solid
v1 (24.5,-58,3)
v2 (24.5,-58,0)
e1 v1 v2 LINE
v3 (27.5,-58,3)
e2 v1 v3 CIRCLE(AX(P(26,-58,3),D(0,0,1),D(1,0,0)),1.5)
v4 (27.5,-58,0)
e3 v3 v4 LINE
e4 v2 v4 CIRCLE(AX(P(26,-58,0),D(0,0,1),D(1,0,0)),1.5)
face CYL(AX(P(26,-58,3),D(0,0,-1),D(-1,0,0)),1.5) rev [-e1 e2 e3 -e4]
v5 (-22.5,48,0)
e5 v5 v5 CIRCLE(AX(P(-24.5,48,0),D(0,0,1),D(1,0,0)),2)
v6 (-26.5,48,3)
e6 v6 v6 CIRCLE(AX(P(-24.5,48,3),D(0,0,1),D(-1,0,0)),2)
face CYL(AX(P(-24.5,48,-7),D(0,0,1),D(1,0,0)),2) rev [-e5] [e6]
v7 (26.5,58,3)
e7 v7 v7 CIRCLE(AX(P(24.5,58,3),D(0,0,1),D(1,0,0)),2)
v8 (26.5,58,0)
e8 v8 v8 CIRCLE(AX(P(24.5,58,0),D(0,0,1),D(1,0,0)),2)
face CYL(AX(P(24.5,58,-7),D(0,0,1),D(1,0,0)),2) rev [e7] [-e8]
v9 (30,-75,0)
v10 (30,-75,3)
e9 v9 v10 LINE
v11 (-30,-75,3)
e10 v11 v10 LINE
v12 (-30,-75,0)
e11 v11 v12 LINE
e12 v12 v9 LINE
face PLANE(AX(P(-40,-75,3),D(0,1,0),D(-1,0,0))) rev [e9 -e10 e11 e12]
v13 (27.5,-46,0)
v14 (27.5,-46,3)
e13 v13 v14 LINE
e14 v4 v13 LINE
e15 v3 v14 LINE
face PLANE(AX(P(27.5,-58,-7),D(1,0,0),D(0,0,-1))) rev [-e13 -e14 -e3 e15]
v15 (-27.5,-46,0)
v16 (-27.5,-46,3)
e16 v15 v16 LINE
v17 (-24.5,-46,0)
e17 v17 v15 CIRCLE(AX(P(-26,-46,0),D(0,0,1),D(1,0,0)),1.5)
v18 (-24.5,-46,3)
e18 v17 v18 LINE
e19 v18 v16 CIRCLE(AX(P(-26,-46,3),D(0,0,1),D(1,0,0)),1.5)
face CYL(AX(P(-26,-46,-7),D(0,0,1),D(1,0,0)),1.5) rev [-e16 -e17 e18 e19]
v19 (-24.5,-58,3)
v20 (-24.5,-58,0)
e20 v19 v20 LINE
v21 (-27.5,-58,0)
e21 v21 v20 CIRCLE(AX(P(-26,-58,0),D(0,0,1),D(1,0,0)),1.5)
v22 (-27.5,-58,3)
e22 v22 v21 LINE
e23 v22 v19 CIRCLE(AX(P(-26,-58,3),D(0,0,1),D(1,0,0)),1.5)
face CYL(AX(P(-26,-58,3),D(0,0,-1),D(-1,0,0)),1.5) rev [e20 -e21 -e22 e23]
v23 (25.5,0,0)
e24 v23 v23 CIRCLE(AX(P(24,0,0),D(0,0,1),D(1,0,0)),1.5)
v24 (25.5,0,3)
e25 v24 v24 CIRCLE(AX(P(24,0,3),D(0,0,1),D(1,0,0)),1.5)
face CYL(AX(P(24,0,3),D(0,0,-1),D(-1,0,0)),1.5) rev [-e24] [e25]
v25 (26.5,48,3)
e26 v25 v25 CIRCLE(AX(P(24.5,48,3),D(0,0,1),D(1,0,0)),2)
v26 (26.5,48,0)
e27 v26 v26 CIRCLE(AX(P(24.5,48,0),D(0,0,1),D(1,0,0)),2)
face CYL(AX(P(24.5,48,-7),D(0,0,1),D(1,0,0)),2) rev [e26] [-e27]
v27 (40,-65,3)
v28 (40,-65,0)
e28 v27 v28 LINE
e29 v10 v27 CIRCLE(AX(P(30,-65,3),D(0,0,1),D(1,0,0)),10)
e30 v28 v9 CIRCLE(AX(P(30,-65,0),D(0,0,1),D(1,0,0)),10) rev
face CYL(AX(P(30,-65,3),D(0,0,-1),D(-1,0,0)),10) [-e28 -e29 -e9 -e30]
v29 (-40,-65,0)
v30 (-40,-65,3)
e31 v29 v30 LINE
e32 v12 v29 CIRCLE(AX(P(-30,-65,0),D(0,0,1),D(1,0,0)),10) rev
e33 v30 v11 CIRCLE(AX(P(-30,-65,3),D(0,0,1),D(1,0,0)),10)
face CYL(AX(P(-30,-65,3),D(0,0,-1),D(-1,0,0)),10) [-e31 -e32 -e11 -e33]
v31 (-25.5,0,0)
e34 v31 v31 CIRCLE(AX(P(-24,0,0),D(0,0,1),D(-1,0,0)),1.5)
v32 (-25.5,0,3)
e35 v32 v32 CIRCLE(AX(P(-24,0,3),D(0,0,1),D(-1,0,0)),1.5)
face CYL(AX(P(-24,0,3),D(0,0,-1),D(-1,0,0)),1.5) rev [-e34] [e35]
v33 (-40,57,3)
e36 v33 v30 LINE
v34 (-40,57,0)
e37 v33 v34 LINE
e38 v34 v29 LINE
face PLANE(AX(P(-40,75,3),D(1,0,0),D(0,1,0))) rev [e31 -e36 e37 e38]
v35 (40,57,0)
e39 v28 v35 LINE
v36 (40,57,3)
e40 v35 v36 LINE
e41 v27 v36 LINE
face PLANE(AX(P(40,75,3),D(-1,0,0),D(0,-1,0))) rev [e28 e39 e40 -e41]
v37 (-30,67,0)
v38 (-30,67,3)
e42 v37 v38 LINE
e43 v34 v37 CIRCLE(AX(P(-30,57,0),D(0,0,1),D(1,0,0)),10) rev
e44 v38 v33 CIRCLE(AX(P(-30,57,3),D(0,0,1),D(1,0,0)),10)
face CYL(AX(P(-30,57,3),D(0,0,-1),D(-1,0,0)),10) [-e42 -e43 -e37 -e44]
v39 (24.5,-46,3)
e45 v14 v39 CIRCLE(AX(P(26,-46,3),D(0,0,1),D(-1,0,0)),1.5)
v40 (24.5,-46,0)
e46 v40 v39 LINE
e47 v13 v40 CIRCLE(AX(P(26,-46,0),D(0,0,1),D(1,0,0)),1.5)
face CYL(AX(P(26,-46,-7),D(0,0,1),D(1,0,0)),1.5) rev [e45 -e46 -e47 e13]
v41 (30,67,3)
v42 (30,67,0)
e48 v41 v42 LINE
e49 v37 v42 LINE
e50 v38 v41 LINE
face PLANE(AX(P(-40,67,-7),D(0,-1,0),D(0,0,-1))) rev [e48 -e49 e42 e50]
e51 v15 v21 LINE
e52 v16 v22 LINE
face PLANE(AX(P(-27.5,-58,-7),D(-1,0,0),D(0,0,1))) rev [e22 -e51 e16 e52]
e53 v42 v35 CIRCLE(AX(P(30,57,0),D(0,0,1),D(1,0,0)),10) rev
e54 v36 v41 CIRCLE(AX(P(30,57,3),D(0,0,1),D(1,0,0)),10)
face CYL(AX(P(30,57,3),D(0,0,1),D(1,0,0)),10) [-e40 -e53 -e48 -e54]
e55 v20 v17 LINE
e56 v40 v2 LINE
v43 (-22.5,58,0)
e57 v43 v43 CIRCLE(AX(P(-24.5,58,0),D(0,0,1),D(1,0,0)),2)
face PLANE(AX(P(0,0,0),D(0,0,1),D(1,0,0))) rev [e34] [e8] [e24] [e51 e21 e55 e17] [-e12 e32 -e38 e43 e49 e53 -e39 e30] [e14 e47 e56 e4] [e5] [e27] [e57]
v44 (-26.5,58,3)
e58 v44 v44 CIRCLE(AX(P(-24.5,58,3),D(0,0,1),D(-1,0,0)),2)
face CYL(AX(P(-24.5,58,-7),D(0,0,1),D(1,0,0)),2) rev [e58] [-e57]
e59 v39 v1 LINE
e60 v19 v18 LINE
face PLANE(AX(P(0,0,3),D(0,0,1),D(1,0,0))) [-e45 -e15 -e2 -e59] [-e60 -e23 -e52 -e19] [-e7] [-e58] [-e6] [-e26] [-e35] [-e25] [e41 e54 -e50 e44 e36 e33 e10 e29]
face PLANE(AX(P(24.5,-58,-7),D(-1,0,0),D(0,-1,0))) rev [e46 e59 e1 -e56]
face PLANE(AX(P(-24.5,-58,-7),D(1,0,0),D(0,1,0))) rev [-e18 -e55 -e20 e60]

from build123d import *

# Parameters (mm, degrees)
SKETCH_1_W          = 80
SKETCH_1_H          = 150
SKETCH_1_R          = 1.5
EXTRUDE_1_DEPTH     = 3
CUT_EXTRUDE_START   = -10
CUT_EXTRUDE_1_DEPTH = 10
SKETCH_3_R          = 2
CUT_EXTRUDE_2_DEPTH = 10
SKETCH_4_W          = 87.19
SKETCH_4_H          = 8
CUT_EXTRUDE_3_DEPTH = 10
FILLET_1_R          = 10


with BuildPart() as part:
    # 草图1 → 凸台-拉伸1 (new body)
    with BuildSketch(Plane.XY):
        Rectangle(SKETCH_1_W, SKETCH_1_H)
        with Locations((24, 0)):
            Circle(SKETCH_1_R, mode=Mode.SUBTRACT)
        with Locations(Location((-24, 0, 0), (0, 0, 180))):
            Circle(SKETCH_1_R, mode=Mode.SUBTRACT)
        with Locations((24.5, 48)):
            Circle(SKETCH_1_R, mode=Mode.SUBTRACT)
        with Locations((-24.5, 48)):
            Circle(SKETCH_1_R, mode=Mode.SUBTRACT)
        with Locations((26, -58)):
            Circle(SKETCH_1_R, mode=Mode.SUBTRACT)
        with Locations((-26, -58)):
            Circle(SKETCH_1_R, mode=Mode.SUBTRACT)
    extrude(amount=EXTRUDE_1_DEPTH)

    # 草图2 → 切除-拉伸1 (cut)
    with BuildSketch(Plane.XY.offset(3).offset(CUT_EXTRUDE_START)):
        with BuildLine():
            Line((-27.5, -58), (-27.5, -46))
            ThreePointArc((-27.5, -46), (-26, -44.5), (-24.5, -46))
            Line((-24.5, -46), (-24.5, -58))
            ThreePointArc((-24.5, -58), (-26, -59.5), (-27.5, -58))
        make_face()
        with BuildLine():
            Line((27.5, -58), (27.5, -46))
            ThreePointArc((27.5, -46), (26, -44.5), (24.5, -46))
            Line((24.5, -46), (24.5, -58))
            ThreePointArc((24.5, -58), (26, -59.5), (27.5, -58))
        make_face()
    extrude(amount=CUT_EXTRUDE_1_DEPTH, mode=Mode.SUBTRACT)

    # 草图3 → 切除-拉伸2 (cut)
    with BuildSketch(Plane.XY.offset(3)):
        with Locations((24.5, 58)):
            Circle(SKETCH_3_R)
        with Locations((24.5, 48)):
            Circle(SKETCH_3_R)
        with Locations((-24.5, 48)):
            Circle(SKETCH_3_R)
        with Locations((-24.5, 58)):
            Circle(SKETCH_3_R)
    extrude(amount=-CUT_EXTRUDE_2_DEPTH, mode=Mode.SUBTRACT)

    # 草图4 → 切除-拉伸3 (cut)
    with BuildSketch(Plane.XY.offset(3)):
        with Locations((3.595, 71)):
            Rectangle(SKETCH_4_W, SKETCH_4_H)
    extrude(amount=-CUT_EXTRUDE_3_DEPTH, mode=Mode.SUBTRACT)

    # 圆角1
    fillet_1_edges = [part.edges().sort_by_distance(p)[0] for p in [
        (-40, 67, 1.5),
        (40, 67, 1.5),
        (40, -75, 1.5),
        (-40, -75, 1.5),
    ]]
    fillet(fillet_1_edges, radius=FILLET_1_R)


solid = part.part
